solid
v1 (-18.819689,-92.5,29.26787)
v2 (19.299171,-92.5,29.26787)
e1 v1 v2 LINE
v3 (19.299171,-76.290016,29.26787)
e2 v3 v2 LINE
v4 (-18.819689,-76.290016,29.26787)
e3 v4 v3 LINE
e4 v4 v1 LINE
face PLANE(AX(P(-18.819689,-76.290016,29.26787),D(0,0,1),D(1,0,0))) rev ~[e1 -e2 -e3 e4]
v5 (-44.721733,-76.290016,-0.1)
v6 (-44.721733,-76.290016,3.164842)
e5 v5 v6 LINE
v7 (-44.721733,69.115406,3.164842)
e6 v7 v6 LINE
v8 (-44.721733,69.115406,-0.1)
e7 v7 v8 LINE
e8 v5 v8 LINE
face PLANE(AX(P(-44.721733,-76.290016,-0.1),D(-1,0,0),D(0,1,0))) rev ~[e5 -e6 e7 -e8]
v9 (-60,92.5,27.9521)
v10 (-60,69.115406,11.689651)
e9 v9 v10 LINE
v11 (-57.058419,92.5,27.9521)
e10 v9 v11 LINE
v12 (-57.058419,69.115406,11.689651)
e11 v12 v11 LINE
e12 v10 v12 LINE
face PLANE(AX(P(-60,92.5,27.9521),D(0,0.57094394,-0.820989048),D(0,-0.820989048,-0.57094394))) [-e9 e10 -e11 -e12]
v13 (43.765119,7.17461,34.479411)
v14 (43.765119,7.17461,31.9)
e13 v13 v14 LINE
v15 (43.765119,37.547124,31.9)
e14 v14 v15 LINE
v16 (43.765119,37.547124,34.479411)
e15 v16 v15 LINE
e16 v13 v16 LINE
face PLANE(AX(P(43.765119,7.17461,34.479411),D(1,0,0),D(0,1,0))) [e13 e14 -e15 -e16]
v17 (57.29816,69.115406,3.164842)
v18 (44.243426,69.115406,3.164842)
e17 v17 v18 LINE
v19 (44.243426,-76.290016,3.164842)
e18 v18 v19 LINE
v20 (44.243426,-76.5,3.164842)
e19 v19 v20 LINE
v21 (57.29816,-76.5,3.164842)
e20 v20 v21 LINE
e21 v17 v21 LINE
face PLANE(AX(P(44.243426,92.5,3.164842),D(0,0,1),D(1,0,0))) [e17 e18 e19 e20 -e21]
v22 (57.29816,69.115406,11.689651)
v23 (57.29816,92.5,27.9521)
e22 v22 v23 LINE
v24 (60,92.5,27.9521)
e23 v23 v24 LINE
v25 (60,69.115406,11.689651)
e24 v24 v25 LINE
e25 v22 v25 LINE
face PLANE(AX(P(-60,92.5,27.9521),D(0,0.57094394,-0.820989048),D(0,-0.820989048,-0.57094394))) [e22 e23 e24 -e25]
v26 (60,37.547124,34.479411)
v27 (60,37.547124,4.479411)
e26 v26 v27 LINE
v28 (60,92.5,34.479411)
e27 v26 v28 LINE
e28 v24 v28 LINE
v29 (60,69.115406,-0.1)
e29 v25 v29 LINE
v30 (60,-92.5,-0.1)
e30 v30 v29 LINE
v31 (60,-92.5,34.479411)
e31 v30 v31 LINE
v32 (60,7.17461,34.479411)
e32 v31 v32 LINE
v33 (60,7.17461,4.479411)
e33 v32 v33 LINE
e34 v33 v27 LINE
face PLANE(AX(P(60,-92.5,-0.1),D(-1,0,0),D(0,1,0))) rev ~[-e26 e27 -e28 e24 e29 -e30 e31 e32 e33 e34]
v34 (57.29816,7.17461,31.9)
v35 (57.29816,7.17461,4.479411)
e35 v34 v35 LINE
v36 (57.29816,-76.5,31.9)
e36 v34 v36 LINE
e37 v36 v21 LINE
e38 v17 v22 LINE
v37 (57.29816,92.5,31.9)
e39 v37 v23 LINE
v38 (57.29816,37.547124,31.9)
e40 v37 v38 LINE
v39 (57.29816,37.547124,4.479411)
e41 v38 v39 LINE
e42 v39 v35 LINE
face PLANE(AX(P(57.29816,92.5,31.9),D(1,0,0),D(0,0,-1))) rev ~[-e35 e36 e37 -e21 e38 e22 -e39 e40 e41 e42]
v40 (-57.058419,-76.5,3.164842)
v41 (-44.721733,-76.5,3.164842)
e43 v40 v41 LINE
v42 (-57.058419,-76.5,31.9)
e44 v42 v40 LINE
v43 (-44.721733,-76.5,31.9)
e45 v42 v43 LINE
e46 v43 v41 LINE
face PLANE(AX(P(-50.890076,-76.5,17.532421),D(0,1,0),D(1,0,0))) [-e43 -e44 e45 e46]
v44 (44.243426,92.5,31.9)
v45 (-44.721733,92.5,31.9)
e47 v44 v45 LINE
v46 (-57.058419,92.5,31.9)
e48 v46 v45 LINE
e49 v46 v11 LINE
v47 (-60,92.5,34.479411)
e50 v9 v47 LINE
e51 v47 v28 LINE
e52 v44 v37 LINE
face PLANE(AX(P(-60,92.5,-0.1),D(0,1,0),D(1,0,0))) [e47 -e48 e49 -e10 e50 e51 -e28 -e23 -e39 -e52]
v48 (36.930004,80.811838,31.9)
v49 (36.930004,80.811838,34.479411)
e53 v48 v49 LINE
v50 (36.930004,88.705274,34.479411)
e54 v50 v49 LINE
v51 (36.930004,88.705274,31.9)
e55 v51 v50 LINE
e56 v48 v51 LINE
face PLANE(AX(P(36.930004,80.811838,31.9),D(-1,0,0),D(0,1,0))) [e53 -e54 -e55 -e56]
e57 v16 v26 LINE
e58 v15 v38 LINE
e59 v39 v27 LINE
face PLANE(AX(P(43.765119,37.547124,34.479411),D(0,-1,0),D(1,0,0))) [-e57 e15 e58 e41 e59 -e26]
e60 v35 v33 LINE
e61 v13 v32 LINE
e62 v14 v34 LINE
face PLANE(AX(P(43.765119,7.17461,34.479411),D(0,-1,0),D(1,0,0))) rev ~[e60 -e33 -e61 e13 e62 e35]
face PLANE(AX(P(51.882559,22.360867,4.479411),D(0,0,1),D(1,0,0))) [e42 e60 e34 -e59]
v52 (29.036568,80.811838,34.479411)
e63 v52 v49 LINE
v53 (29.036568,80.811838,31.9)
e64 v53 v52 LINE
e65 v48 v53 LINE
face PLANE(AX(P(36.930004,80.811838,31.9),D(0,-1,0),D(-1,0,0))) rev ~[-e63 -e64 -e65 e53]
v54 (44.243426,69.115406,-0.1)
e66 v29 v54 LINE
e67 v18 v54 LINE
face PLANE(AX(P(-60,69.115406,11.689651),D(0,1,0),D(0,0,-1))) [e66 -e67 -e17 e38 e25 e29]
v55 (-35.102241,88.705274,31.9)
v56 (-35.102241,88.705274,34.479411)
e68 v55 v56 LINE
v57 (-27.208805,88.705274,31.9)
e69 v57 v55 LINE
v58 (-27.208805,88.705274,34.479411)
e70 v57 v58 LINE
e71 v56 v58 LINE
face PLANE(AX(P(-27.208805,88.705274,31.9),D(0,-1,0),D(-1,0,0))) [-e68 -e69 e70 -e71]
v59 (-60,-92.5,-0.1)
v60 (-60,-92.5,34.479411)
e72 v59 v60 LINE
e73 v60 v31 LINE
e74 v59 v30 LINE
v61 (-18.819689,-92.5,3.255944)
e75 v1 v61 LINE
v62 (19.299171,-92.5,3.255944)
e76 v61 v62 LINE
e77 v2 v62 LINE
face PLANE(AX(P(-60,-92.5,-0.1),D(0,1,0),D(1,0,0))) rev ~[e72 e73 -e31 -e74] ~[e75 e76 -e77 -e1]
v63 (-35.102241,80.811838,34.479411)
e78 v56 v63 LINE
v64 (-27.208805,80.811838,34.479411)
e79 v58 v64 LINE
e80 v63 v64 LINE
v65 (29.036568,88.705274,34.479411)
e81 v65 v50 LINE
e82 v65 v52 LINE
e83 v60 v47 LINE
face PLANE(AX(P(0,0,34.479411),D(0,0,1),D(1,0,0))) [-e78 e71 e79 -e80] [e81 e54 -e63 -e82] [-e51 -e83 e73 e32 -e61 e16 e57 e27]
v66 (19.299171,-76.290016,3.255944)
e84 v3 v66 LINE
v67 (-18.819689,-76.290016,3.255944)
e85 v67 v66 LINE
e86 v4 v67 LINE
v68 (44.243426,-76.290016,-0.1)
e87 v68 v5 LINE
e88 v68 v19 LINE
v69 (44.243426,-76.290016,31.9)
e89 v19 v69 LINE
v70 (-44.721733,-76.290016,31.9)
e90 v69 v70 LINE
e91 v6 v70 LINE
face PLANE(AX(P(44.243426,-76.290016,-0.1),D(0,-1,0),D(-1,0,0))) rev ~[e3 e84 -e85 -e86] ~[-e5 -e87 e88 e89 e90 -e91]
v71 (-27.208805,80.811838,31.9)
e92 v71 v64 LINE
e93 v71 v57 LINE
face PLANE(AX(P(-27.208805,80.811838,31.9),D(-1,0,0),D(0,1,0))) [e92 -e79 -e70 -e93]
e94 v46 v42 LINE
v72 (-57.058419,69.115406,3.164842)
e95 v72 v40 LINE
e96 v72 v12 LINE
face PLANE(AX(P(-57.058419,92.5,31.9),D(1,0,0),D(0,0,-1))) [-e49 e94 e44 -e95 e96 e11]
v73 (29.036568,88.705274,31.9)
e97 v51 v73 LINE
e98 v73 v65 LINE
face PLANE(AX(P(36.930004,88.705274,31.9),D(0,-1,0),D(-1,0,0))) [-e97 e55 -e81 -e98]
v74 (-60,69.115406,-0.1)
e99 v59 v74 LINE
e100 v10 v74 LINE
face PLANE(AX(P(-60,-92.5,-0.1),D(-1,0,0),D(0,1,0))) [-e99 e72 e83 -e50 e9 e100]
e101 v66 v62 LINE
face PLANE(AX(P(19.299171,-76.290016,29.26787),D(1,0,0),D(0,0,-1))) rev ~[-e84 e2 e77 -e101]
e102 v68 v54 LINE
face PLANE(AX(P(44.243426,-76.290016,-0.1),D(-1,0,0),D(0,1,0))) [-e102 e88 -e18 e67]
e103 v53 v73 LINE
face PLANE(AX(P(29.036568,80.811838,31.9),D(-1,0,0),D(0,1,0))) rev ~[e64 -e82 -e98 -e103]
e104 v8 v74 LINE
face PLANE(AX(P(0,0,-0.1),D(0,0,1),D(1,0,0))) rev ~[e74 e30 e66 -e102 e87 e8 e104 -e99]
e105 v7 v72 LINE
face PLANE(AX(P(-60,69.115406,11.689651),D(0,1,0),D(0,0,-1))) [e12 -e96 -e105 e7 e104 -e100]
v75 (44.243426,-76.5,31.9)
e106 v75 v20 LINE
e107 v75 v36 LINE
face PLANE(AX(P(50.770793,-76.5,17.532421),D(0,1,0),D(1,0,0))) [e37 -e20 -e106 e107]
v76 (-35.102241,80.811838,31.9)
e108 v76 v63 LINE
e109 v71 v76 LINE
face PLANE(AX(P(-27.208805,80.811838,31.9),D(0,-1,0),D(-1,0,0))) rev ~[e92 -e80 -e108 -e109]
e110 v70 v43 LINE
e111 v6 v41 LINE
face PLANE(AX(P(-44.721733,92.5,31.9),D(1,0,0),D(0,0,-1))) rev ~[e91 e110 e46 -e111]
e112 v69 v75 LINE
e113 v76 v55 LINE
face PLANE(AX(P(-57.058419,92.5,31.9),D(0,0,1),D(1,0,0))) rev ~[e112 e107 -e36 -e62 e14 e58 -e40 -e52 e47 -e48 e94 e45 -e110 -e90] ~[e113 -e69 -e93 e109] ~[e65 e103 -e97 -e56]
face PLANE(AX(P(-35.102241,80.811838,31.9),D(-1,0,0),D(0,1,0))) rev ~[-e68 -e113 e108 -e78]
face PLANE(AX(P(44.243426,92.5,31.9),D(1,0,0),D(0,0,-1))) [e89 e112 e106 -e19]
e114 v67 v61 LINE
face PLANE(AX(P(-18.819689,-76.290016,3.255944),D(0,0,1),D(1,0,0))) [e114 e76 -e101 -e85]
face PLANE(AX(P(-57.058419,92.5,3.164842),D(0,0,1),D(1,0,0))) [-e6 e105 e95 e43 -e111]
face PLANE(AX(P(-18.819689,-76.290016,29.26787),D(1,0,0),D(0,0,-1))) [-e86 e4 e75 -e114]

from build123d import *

# Parameters (mm, degrees)
BOSS_EXTRUDE2_DEPTH      = 34.479411165
BOSS_EXTRUDE2_DEPTH_BACK = 0.1
SKETCH4_W                = 120
SKETCH4_H                = 185
SKETCH7_W                = 88.965159514
SKETCH7_H                = 168.79001582
CUT_EXTRUDE1_DEPTH       = 32
SKETCH8_W                = 38.11885966
SKETCH8_H                = 26.011926246
CUT_EXTRUDE2_DEPTH       = 32
SKETCH12_W               = 12.33668545
SKETCH12_H               = 28.735157877
SKETCH12_W_2             = 13.054734016
CUT_EXTRUDE10_DEPTH      = 169
CUT_EXTRUDE11_DEPTH      = 156.38687137
CUT_EXTRUDE11_DEPTH_BACK = 120
SKETCH14_W               = 7.893435911
SKETCH14_H               = 7.893435911
SKETCH14_W_2             = 7.893435912
CUT_EXTRUDE13_DEPTH      = 120
SKETCH16_W               = 16.234881207
SKETCH16_H               = 30.372514135
CUT_EXTRUDE15_DEPTH      = 30


with BuildPart() as part:
    # Sketch4 → Boss-Extrude2 (new, two sides: drawn at the far end of the back side and taken through both)
    with BuildSketch(Plane.XY.offset(-BOSS_EXTRUDE2_DEPTH_BACK)):
        Rectangle(SKETCH4_W, SKETCH4_H)
    extrude(amount=BOSS_EXTRUDE2_DEPTH + BOSS_EXTRUDE2_DEPTH_BACK)

    # Sketch7 → Cut-Extrude1 (cut)
    with BuildSketch(Plane(origin=(0, 0, -0.1), x_dir=(-1, 0, 0), z_dir=(0, 0, -1))):
        with Locations((0.239153655, 8.10499209)):
            Rectangle(SKETCH7_W, SKETCH7_H)
    extrude(amount=-CUT_EXTRUDE1_DEPTH, mode=Mode.SUBTRACT)

    # Sketch8 → Cut-Extrude2 (cut)
    with BuildSketch(Plane(origin=(0, -76.29001582, 0), x_dir=(1, 0, 0), z_dir=(0, 1, 0))):
        with Locations((0.239741256, -16.26190688)):
            Rectangle(SKETCH8_W, SKETCH8_H)
    extrude(amount=-CUT_EXTRUDE2_DEPTH, mode=Mode.SUBTRACT)

    # Sketch12 → Cut-Extrude10 (cut)
    with BuildSketch(Plane(origin=(0, 92.5, 0), x_dir=(1, 0, 0), z_dir=(0, 1, 0))):
        with Locations((-50.890076137, -17.532421062)):
            Rectangle(SKETCH12_W, SKETCH12_H)
        with Locations((50.77079311, -17.532421062)):
            Rectangle(SKETCH12_W_2, SKETCH12_H)
    extrude(amount=-CUT_EXTRUDE10_DEPTH, mode=Mode.SUBTRACT)

    # Sketch13 → Cut-Extrude11 (cut, two sides: drawn at the far end of the back side and taken through both)
    with BuildSketch(Plane(origin=(60, 0, 0), x_dir=(0, 0, -1), z_dir=(1, 0, 0)).offset(-CUT_EXTRUDE11_DEPTH_BACK)):
        Polygon((-247.325576021, 407.948170503), (-27.952099996, 92.5), (-11.689651482, 69.115406181), (0.1, 69.115406181), (384.329450013, 69.115406181), (747.583784475, 746.297338547), (115.928758441, 1085.130102868), align=None)
    extrude(amount=CUT_EXTRUDE11_DEPTH + CUT_EXTRUDE11_DEPTH_BACK, mode=Mode.SUBTRACT)

    # Sketch14 → Cut-Extrude13 (cut)
    with BuildSketch(Plane(origin=(0, 0, 31.9), x_dir=(-1, 0, 0), z_dir=(0, 0, -1))):
        with Locations((-32.983285774, 84.758555925)):
            Rectangle(SKETCH14_W, SKETCH14_H)
        with Locations((31.155523105, 84.758555925)):
            Rectangle(SKETCH14_W_2, SKETCH14_H)
    extrude(amount=-CUT_EXTRUDE13_DEPTH, mode=Mode.SUBTRACT)

    # Sketch16 → Cut-Extrude15 (cut)
    with BuildSketch(Plane.XY.offset(34.479411165)):
        with Locations((51.882559396, 22.360866706)):
            Rectangle(SKETCH16_W, SKETCH16_H)
    extrude(amount=-CUT_EXTRUDE15_DEPTH, mode=Mode.SUBTRACT)


solid = part.part
